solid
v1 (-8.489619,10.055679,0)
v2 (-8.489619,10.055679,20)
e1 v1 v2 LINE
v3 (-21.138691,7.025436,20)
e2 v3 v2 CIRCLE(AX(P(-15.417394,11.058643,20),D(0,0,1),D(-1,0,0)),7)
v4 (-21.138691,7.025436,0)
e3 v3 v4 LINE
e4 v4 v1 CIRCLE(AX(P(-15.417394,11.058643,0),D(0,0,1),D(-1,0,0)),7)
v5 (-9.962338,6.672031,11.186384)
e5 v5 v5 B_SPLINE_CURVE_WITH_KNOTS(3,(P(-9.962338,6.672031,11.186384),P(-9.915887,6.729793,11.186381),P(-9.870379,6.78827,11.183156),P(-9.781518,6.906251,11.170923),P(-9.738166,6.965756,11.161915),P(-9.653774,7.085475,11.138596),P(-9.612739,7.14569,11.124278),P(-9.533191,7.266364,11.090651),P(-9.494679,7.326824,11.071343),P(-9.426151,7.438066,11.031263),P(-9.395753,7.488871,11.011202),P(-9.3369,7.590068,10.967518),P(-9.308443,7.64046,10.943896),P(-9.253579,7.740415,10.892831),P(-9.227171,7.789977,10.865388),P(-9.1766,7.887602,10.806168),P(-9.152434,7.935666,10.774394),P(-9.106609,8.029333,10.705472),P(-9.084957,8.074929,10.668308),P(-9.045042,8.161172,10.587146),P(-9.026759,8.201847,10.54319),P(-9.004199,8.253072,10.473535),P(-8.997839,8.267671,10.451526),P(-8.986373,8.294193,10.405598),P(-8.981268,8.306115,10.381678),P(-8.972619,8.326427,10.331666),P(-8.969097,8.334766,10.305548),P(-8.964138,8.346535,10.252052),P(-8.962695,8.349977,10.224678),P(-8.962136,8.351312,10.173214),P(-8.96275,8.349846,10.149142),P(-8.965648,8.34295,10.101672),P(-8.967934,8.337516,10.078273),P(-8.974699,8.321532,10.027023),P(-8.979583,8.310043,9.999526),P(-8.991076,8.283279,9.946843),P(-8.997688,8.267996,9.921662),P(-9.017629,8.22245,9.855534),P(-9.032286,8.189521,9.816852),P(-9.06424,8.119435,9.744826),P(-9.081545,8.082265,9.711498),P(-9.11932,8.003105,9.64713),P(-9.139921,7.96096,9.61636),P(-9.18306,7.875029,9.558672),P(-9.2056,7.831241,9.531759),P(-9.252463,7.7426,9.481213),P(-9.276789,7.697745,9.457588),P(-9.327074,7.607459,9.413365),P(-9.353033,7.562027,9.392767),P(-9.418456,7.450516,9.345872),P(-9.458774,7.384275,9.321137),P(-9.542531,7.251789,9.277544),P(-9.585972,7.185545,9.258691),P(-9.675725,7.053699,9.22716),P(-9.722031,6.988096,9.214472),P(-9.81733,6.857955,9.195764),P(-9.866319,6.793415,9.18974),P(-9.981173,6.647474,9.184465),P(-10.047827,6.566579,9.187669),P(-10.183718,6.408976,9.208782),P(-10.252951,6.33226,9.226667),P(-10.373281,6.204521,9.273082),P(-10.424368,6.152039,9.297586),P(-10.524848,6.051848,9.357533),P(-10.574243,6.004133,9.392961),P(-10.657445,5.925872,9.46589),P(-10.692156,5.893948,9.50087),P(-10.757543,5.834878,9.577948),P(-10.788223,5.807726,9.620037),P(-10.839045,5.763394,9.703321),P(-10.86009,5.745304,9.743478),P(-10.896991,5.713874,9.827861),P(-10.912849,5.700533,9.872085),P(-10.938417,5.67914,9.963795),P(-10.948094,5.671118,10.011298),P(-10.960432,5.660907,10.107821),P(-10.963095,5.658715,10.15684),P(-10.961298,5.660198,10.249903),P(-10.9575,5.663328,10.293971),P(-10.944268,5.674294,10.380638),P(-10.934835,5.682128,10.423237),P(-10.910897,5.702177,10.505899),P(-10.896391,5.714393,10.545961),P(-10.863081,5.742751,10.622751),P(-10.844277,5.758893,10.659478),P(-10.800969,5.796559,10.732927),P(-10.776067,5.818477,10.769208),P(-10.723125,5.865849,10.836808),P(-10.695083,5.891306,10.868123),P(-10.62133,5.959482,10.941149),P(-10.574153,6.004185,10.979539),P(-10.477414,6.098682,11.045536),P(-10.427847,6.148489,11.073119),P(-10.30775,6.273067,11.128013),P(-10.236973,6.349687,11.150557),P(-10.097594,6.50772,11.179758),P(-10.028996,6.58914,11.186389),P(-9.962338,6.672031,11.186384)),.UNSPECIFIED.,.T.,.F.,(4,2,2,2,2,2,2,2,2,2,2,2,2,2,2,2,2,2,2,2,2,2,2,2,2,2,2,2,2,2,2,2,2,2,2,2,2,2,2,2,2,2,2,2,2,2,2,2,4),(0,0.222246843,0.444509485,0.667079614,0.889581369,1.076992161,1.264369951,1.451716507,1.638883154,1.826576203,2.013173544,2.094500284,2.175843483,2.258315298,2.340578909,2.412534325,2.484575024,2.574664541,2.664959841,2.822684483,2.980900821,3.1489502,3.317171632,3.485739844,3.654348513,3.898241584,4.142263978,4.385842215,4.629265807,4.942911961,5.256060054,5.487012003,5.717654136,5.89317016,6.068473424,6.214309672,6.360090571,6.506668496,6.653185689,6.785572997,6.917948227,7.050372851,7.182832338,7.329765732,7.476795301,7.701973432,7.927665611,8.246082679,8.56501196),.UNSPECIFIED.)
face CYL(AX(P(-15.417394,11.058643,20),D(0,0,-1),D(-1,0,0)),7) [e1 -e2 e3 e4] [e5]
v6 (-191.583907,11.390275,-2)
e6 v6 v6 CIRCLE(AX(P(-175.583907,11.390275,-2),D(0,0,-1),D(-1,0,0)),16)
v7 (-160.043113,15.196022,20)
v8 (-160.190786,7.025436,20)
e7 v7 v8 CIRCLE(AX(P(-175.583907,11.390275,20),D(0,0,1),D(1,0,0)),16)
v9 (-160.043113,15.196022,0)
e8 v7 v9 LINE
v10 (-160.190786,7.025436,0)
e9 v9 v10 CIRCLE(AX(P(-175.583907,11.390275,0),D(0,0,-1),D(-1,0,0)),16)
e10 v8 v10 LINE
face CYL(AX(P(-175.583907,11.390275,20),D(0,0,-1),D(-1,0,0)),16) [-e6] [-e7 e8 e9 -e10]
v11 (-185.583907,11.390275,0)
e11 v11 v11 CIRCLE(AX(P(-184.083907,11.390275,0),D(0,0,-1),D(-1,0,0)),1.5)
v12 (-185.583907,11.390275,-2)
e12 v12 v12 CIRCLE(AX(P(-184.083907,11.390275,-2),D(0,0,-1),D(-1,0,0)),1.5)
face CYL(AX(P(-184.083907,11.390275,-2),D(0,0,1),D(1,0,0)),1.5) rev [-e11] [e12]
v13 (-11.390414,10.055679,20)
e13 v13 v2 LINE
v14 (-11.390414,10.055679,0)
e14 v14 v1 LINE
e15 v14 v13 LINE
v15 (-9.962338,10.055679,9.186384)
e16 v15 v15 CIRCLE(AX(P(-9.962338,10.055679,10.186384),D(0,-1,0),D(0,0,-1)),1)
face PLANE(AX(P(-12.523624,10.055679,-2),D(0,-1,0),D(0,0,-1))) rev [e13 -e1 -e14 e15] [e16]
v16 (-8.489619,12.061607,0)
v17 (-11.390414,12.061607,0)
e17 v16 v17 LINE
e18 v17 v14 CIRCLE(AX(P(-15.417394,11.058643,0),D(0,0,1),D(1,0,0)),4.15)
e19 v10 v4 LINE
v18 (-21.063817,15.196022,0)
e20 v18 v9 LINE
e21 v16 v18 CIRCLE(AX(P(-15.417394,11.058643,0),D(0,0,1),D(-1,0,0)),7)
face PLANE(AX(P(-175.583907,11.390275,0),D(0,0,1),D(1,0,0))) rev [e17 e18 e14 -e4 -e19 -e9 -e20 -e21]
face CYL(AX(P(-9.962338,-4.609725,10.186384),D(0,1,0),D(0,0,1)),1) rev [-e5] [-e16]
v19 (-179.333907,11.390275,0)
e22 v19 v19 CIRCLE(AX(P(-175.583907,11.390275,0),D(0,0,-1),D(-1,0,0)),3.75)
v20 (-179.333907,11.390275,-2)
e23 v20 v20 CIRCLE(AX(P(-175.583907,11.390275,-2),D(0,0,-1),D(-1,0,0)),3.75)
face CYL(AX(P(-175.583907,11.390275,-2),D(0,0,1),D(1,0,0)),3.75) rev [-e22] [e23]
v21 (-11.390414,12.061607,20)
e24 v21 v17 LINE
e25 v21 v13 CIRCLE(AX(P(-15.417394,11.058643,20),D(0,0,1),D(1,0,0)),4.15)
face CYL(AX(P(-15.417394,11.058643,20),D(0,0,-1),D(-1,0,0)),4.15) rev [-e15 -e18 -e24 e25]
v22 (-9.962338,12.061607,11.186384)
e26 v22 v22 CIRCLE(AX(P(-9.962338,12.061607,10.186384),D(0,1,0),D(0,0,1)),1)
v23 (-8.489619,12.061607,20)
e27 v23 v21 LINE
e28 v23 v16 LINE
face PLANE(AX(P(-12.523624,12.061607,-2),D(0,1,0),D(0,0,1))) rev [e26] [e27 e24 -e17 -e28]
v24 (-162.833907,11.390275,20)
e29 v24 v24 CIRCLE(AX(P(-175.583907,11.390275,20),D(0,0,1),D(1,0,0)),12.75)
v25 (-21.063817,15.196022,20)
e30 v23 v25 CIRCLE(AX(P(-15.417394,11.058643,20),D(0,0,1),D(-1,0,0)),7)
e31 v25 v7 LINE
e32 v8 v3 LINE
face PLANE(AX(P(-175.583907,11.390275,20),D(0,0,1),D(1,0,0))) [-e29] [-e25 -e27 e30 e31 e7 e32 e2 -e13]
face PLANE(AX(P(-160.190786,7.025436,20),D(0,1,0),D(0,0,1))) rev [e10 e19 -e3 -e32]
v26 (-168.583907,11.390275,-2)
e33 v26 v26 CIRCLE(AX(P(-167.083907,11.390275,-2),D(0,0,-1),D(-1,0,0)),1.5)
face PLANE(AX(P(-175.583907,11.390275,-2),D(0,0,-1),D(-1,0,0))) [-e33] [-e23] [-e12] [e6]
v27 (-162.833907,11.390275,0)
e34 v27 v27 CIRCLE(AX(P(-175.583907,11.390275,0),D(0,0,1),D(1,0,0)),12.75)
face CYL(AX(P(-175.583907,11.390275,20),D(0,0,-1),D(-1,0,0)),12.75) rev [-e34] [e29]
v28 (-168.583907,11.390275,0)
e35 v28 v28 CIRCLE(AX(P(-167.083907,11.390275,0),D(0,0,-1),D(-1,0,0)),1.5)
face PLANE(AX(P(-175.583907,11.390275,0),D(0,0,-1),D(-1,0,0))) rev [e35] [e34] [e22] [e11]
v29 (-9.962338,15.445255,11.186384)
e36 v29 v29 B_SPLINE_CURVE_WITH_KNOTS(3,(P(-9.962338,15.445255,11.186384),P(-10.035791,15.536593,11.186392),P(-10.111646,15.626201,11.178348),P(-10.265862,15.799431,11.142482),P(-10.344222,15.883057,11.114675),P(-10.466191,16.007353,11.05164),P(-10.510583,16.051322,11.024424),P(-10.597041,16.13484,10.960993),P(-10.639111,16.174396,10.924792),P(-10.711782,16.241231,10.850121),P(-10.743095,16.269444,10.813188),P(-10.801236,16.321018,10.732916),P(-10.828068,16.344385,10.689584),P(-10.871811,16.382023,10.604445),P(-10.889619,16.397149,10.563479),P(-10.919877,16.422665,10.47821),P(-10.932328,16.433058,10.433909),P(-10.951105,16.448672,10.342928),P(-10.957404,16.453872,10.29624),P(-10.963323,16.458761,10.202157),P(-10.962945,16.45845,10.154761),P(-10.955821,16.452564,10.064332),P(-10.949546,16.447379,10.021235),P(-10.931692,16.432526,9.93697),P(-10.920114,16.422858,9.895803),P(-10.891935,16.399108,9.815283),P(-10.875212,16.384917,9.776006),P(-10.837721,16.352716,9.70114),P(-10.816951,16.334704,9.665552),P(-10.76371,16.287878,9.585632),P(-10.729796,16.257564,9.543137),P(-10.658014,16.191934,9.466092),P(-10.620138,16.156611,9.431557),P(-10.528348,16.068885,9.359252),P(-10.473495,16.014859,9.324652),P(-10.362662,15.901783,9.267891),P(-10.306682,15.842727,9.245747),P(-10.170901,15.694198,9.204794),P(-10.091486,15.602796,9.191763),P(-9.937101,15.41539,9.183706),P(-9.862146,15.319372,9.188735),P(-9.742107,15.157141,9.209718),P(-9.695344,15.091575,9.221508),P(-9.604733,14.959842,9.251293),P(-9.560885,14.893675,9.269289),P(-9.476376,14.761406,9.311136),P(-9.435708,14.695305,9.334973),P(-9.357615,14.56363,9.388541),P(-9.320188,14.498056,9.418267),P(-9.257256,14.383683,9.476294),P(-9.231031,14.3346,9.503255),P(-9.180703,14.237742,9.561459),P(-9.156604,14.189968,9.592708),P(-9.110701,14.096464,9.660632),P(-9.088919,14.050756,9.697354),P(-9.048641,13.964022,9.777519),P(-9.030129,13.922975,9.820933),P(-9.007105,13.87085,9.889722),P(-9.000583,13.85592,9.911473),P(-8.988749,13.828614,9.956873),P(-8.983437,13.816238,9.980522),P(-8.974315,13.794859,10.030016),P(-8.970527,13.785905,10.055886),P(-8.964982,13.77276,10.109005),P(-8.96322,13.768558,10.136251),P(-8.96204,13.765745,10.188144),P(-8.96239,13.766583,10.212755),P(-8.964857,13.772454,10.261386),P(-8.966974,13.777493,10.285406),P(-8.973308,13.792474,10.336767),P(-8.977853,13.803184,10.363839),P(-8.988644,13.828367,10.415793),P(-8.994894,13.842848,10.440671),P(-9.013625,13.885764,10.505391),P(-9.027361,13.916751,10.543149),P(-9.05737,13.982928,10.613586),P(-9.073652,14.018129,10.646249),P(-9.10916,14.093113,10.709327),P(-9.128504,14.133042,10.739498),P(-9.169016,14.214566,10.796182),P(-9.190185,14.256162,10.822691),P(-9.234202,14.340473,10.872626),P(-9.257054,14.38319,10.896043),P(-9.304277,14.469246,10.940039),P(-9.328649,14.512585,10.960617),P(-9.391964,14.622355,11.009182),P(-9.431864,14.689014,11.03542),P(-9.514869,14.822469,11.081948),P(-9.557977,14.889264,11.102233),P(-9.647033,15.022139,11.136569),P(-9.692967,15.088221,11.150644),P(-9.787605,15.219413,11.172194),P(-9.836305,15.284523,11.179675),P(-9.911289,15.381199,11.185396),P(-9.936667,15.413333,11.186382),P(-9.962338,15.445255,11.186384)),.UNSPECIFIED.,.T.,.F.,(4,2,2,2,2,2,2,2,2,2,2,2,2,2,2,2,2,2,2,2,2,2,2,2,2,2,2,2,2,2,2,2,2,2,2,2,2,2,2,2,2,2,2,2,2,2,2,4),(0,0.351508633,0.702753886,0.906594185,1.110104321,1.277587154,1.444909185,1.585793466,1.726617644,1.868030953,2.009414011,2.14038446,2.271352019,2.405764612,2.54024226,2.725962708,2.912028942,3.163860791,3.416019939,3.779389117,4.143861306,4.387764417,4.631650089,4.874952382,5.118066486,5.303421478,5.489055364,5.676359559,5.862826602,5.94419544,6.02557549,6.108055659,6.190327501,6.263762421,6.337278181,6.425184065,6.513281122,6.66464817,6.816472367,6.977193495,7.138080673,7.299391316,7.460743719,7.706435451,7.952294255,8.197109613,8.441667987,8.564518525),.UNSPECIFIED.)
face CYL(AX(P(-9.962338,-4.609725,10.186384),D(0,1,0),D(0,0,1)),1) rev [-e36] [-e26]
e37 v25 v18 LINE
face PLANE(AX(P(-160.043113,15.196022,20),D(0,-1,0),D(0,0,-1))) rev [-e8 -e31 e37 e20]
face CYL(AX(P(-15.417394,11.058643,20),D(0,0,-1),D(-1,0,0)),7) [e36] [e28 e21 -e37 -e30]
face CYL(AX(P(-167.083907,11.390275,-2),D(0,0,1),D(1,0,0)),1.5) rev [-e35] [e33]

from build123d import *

# Parameters (mm, degrees)
SKETCH1_R               = 4.15
SKETCH1_R_2             = 12.75
BOSS_EXTRUDE1_DEPTH     = 20
SKETCH2_R               = 16
SKETCH2_R_2             = 3.75
SKETCH2_R_3             = 1.5
BOSS_EXTRUDE2_DEPTH     = 2
SKETCH3_W               = 5.093214229
SKETCH3_H               = 2.005927174
CUT_EXTRUDE1_DEPTH      = 23
SKETCH5_R               = 1
CUT_EXTRUDE2_DEPTH      = 18.334595307
CUT_EXTRUDE2_DEPTH_BACK = 15.665404693


with BuildPart() as part:
    # Sketch1 → Boss-Extrude1 (new body)
    with BuildSketch(Plane.XY):
        with BuildLine():
            Line((-160.190785915, 7.025436305), (-21.138691228, 7.025436305))
            ThreePointArc((-21.138691228, 7.025436305), (-8.417687759, 10.994498434), (-21.063816819, 15.196022353))
            Line((-21.063816819, 15.196022353), (-160.043113059, 15.196022353))
            ThreePointArc((-160.043113059, 15.196022353), (-191.581294649, 11.679406985), (-160.190785915, 7.025436305))
        make_face()
        with Locations((-15.417393858, 11.05864302)):
            Circle(SKETCH1_R, mode=Mode.SUBTRACT)
        with Locations((-175.583907283, 11.39027474)):
            Circle(SKETCH1_R_2, mode=Mode.SUBTRACT)
    extrude(amount=BOSS_EXTRUDE1_DEPTH)

    # Sketch2 → Boss-Extrude2 (add)
    with BuildSketch(Plane(origin=(0, 0, 0), x_dir=(-1, 0, 0), z_dir=(0, 0, -1))):
        with Locations((175.583907283, 11.39027474)):
            Circle(SKETCH2_R)
        with Locations((175.583907283, 11.39027474)):
            Circle(SKETCH2_R_2, mode=Mode.SUBTRACT)
        with Locations((184.083907283, 11.39027474)):
            Circle(SKETCH2_R_3, mode=Mode.SUBTRACT)
        with Locations((167.083907283, 11.39027474)):
            Circle(SKETCH2_R_3, mode=Mode.SUBTRACT)
    extrude(amount=BOSS_EXTRUDE2_DEPTH)

    # Sketch3 → Cut-Extrude1 (cut, through all)
    with BuildSketch(Plane.XY.offset(20)):
        with Locations((-9.977016533, 11.05864302)):
            Rectangle(SKETCH3_W, SKETCH3_H)
    extrude(amount=-CUT_EXTRUDE1_DEPTH, mode=Mode.SUBTRACT)

    # Sketch5 → Cut-Extrude2 (cut, two sides)
    with BuildSketch(Plane(origin=(0, 10.055679433, 0), x_dir=(1, 0, 0), z_dir=(0, 1, 0))) as cut_extrude2_sk:
        with Locations((-9.962338035, -10.18638419)):
            Circle(SKETCH5_R)
    extrude(amount=CUT_EXTRUDE2_DEPTH, mode=Mode.SUBTRACT)
    extrude(cut_extrude2_sk.sketch, amount=-CUT_EXTRUDE2_DEPTH_BACK, mode=Mode.SUBTRACT)


solid = part.part
